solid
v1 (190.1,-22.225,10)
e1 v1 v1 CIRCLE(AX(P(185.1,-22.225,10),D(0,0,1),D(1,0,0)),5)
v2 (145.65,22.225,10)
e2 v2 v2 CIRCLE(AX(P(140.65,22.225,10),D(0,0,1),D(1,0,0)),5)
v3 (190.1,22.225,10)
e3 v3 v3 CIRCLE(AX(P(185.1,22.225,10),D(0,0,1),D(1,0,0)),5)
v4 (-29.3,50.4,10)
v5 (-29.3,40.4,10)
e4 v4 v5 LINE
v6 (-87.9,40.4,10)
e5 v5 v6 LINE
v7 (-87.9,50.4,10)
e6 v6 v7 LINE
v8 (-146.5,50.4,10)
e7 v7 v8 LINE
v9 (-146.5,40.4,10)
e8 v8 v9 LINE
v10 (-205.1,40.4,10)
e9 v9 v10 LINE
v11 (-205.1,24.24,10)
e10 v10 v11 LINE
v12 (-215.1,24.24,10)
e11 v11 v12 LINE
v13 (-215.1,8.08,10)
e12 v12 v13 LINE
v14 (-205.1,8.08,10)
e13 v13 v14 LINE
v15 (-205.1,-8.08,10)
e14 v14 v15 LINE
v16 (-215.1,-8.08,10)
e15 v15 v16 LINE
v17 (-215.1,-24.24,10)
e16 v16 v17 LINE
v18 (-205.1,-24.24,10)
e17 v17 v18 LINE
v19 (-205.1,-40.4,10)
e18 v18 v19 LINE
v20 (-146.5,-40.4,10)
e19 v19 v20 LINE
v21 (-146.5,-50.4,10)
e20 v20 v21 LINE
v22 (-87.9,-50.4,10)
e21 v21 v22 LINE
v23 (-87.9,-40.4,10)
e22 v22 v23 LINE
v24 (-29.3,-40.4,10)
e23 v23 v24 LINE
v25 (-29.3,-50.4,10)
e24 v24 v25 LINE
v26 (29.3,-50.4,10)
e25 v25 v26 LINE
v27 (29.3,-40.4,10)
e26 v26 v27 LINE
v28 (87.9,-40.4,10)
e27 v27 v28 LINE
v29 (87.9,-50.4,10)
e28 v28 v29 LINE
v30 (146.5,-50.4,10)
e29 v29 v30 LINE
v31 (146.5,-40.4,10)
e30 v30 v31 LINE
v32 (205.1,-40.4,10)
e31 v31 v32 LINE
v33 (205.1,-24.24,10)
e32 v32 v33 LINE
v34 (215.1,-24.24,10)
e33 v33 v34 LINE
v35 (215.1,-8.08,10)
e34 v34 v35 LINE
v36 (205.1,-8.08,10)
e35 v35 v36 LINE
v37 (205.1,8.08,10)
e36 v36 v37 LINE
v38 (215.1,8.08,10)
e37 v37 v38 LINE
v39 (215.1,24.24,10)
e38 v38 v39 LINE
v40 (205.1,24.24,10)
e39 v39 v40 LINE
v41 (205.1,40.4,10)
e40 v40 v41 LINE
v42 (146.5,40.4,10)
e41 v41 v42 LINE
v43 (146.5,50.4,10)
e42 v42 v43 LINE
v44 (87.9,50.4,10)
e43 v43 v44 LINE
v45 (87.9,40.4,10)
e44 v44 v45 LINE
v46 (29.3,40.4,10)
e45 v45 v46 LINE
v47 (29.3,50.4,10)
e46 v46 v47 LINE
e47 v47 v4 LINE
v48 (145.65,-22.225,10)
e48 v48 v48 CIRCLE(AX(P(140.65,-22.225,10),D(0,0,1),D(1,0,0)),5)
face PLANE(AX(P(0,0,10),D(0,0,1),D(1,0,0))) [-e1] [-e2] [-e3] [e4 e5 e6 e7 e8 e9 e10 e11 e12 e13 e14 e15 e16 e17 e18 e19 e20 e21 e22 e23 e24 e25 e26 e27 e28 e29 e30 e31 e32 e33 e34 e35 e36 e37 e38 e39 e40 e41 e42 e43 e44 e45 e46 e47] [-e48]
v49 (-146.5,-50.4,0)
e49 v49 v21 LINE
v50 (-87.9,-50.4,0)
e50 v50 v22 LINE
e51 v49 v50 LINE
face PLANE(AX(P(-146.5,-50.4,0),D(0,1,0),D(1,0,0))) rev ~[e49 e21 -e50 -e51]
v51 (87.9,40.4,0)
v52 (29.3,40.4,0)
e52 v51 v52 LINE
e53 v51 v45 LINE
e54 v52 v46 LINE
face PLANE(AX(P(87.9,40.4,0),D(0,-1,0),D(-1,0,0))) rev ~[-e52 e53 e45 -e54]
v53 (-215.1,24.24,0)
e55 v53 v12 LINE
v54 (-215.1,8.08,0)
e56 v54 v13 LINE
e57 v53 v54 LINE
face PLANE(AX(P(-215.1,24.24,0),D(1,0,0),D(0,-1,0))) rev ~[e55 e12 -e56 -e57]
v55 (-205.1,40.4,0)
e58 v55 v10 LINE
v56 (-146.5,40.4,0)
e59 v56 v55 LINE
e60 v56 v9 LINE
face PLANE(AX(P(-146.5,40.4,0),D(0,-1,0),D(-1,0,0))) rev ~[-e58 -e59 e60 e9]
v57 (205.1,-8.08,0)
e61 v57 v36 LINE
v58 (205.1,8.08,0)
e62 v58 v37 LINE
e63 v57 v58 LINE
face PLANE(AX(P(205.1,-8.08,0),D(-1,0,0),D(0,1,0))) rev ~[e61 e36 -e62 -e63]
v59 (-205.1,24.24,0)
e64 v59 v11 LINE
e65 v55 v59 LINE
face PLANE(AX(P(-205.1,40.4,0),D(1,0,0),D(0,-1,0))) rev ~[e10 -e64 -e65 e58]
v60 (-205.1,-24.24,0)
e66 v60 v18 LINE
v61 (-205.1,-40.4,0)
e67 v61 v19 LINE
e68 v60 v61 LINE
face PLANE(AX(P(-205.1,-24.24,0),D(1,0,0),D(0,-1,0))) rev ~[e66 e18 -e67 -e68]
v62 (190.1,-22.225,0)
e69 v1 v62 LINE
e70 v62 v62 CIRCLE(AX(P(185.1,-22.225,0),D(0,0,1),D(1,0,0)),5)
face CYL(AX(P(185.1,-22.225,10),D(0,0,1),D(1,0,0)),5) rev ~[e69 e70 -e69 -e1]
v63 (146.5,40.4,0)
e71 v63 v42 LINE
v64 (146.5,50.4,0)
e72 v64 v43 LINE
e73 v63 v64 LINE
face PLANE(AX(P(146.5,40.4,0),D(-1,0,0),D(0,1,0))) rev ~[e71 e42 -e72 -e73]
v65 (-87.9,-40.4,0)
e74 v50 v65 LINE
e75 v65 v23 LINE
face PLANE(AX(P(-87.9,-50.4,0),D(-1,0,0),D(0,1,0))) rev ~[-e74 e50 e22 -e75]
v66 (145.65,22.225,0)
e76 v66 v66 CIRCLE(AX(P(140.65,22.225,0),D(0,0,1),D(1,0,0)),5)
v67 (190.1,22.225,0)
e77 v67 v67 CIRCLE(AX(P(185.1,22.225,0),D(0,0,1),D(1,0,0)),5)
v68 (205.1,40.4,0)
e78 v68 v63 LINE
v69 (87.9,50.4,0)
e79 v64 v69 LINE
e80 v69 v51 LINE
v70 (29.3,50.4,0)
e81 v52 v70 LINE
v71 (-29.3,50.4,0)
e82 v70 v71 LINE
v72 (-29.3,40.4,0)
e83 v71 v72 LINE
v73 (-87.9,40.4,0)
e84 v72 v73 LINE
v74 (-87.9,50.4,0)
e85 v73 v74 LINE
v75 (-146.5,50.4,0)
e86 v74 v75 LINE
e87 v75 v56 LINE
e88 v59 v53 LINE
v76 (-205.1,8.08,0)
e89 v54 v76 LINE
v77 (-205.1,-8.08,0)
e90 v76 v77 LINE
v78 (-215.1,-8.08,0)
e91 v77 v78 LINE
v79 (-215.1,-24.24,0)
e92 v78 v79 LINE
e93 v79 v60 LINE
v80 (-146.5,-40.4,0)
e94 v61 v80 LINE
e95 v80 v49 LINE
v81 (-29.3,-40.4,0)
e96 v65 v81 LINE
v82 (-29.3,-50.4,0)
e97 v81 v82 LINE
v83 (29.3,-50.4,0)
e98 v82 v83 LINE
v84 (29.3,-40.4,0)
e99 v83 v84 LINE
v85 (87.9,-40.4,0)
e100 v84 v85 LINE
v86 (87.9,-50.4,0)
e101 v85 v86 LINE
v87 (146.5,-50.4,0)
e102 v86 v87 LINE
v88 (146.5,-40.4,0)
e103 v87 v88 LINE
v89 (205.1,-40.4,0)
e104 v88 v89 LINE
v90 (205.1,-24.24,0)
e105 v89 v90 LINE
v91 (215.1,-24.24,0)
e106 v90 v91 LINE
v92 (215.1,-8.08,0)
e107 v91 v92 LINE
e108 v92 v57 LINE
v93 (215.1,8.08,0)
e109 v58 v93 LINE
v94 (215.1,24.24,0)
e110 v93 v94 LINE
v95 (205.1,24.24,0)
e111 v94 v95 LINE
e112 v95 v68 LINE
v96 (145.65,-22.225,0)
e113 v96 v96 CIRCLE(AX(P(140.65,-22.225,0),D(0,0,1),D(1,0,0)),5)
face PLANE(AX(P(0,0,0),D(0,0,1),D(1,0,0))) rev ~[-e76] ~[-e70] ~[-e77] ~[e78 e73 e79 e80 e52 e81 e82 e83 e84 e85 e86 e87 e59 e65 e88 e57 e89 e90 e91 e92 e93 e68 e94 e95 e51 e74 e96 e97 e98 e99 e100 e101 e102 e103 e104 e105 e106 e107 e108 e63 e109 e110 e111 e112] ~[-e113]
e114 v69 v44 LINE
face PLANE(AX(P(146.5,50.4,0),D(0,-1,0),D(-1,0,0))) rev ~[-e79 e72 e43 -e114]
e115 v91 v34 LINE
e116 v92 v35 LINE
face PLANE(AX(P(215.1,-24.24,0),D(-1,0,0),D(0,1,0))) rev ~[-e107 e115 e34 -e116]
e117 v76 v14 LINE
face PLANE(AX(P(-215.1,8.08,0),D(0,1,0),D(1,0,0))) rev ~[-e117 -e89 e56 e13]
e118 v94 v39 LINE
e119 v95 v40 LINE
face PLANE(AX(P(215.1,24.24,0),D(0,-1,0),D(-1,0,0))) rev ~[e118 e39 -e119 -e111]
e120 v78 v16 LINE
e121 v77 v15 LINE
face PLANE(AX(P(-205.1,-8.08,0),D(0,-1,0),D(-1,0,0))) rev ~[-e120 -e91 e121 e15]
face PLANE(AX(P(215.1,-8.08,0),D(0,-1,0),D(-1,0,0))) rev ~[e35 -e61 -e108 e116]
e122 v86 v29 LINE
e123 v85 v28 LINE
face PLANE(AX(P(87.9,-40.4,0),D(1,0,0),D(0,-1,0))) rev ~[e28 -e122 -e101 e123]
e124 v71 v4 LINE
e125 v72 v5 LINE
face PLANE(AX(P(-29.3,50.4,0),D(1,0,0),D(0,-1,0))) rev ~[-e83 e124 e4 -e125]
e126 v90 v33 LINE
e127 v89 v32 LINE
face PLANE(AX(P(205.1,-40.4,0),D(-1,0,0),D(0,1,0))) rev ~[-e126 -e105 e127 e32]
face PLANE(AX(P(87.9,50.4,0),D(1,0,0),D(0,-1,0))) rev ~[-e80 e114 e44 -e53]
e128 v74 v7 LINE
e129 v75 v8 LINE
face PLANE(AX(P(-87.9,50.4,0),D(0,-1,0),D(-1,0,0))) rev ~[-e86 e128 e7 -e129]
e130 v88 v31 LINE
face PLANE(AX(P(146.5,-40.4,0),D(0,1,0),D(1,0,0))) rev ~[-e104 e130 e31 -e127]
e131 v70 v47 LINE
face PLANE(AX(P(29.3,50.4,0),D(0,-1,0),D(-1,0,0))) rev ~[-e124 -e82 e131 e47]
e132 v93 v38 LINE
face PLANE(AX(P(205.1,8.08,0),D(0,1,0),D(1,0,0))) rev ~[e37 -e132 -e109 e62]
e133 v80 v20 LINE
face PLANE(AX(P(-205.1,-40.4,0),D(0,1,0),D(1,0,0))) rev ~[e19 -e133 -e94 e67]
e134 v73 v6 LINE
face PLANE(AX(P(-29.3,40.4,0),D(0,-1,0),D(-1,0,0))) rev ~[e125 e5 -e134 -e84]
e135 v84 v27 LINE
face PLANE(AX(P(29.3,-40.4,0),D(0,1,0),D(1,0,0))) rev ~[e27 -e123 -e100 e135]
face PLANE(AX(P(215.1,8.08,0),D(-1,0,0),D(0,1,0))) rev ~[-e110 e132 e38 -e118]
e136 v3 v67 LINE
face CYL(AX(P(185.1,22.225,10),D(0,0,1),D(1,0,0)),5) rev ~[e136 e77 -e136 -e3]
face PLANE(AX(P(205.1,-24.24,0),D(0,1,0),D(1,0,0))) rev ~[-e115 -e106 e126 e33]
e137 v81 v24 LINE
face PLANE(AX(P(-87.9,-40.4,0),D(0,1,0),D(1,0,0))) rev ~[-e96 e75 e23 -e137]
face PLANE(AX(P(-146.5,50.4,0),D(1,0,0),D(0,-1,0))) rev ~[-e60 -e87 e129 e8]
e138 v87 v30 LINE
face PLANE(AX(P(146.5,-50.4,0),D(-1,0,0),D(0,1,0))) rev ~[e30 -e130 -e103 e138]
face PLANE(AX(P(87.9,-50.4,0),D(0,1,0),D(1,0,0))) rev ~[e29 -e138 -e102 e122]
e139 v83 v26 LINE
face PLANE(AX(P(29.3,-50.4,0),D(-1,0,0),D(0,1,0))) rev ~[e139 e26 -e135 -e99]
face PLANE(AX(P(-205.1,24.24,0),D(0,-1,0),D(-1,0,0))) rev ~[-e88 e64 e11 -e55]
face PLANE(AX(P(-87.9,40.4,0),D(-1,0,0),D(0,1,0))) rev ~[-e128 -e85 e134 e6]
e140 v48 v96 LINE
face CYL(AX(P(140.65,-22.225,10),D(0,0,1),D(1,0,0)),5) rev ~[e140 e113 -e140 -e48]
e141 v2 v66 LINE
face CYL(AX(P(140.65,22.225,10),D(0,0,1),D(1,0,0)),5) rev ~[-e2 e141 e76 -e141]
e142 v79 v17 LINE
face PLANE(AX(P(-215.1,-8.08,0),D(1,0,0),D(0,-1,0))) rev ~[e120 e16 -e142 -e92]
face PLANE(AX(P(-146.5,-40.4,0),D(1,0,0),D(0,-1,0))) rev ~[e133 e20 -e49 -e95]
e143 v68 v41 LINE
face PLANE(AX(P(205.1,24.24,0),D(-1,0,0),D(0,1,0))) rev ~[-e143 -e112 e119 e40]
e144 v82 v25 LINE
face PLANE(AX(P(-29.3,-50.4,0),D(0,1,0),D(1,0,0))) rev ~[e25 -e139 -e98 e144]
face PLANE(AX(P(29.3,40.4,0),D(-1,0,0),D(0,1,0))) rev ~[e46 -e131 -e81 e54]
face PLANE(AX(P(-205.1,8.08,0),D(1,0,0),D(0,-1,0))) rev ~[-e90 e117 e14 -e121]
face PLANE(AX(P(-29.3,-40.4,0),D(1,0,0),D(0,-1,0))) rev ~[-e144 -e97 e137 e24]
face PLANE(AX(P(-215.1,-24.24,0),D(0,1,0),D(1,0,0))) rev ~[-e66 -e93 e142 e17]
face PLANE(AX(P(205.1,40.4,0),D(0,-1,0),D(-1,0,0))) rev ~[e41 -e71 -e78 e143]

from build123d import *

# Parameters (mm, degrees)
BOSS_EXTRUDE1_DEPTH = 10
SKETCH3_R           = 5
CUT_EXTRUDE1_DEPTH  = 222.151916112


with BuildPart() as part:
    # Sketch2 → Boss-Extrude1 (new body)
    with BuildSketch(Plane.XY):
        Polygon((-205.1, 40.4), (-205.1, 24.24), (-215.1, 24.24), (-215.1, 8.08), (-205.1, 8.08), (-205.1, -8.08), (-215.1, -8.08), (-215.1, -24.24), (-205.1, -24.24), (-205.1, -40.4), (-146.5, -40.4), (-146.5, -50.4), (-87.9, -50.4), (-87.9, -40.4), (-29.3, -40.4), (-29.3, -50.4), (29.3, -50.4), (29.3, -40.4), (87.9, -40.4), (87.9, -50.4), (146.5, -50.4), (146.5, -40.4), (205.1, -40.4), (205.1, -24.24), (215.1, -24.24), (215.1, -8.08), (205.1, -8.08), (205.1, 8.08), (215.1, 8.08), (215.1, 24.24), (205.1, 24.24), (205.1, 40.4), (146.5, 40.4), (146.5, 50.4), (87.9, 50.4), (87.9, 40.4), (29.3, 40.4), (29.3, 50.4), (-29.3, 50.4), (-29.3, 40.4), (-87.9, 40.4), (-87.9, 50.4), (-146.5, 50.4), (-146.5, 40.4), align=None)
    extrude(amount=BOSS_EXTRUDE1_DEPTH)

    # Sketch3 → Cut-Extrude1 (cut, through all)
    with BuildSketch(Plane.XY.offset(10)):
        with Locations((185.1, 22.225)):
            Circle(SKETCH3_R)
        with Locations((140.65, 22.225)):
            Circle(SKETCH3_R)
        with Locations((140.65, -22.225)):
            Circle(SKETCH3_R)
        with Locations((185.1, -22.225)):
            Circle(SKETCH3_R)
    extrude(amount=-CUT_EXTRUDE1_DEPTH, mode=Mode.SUBTRACT)


solid = part.part
